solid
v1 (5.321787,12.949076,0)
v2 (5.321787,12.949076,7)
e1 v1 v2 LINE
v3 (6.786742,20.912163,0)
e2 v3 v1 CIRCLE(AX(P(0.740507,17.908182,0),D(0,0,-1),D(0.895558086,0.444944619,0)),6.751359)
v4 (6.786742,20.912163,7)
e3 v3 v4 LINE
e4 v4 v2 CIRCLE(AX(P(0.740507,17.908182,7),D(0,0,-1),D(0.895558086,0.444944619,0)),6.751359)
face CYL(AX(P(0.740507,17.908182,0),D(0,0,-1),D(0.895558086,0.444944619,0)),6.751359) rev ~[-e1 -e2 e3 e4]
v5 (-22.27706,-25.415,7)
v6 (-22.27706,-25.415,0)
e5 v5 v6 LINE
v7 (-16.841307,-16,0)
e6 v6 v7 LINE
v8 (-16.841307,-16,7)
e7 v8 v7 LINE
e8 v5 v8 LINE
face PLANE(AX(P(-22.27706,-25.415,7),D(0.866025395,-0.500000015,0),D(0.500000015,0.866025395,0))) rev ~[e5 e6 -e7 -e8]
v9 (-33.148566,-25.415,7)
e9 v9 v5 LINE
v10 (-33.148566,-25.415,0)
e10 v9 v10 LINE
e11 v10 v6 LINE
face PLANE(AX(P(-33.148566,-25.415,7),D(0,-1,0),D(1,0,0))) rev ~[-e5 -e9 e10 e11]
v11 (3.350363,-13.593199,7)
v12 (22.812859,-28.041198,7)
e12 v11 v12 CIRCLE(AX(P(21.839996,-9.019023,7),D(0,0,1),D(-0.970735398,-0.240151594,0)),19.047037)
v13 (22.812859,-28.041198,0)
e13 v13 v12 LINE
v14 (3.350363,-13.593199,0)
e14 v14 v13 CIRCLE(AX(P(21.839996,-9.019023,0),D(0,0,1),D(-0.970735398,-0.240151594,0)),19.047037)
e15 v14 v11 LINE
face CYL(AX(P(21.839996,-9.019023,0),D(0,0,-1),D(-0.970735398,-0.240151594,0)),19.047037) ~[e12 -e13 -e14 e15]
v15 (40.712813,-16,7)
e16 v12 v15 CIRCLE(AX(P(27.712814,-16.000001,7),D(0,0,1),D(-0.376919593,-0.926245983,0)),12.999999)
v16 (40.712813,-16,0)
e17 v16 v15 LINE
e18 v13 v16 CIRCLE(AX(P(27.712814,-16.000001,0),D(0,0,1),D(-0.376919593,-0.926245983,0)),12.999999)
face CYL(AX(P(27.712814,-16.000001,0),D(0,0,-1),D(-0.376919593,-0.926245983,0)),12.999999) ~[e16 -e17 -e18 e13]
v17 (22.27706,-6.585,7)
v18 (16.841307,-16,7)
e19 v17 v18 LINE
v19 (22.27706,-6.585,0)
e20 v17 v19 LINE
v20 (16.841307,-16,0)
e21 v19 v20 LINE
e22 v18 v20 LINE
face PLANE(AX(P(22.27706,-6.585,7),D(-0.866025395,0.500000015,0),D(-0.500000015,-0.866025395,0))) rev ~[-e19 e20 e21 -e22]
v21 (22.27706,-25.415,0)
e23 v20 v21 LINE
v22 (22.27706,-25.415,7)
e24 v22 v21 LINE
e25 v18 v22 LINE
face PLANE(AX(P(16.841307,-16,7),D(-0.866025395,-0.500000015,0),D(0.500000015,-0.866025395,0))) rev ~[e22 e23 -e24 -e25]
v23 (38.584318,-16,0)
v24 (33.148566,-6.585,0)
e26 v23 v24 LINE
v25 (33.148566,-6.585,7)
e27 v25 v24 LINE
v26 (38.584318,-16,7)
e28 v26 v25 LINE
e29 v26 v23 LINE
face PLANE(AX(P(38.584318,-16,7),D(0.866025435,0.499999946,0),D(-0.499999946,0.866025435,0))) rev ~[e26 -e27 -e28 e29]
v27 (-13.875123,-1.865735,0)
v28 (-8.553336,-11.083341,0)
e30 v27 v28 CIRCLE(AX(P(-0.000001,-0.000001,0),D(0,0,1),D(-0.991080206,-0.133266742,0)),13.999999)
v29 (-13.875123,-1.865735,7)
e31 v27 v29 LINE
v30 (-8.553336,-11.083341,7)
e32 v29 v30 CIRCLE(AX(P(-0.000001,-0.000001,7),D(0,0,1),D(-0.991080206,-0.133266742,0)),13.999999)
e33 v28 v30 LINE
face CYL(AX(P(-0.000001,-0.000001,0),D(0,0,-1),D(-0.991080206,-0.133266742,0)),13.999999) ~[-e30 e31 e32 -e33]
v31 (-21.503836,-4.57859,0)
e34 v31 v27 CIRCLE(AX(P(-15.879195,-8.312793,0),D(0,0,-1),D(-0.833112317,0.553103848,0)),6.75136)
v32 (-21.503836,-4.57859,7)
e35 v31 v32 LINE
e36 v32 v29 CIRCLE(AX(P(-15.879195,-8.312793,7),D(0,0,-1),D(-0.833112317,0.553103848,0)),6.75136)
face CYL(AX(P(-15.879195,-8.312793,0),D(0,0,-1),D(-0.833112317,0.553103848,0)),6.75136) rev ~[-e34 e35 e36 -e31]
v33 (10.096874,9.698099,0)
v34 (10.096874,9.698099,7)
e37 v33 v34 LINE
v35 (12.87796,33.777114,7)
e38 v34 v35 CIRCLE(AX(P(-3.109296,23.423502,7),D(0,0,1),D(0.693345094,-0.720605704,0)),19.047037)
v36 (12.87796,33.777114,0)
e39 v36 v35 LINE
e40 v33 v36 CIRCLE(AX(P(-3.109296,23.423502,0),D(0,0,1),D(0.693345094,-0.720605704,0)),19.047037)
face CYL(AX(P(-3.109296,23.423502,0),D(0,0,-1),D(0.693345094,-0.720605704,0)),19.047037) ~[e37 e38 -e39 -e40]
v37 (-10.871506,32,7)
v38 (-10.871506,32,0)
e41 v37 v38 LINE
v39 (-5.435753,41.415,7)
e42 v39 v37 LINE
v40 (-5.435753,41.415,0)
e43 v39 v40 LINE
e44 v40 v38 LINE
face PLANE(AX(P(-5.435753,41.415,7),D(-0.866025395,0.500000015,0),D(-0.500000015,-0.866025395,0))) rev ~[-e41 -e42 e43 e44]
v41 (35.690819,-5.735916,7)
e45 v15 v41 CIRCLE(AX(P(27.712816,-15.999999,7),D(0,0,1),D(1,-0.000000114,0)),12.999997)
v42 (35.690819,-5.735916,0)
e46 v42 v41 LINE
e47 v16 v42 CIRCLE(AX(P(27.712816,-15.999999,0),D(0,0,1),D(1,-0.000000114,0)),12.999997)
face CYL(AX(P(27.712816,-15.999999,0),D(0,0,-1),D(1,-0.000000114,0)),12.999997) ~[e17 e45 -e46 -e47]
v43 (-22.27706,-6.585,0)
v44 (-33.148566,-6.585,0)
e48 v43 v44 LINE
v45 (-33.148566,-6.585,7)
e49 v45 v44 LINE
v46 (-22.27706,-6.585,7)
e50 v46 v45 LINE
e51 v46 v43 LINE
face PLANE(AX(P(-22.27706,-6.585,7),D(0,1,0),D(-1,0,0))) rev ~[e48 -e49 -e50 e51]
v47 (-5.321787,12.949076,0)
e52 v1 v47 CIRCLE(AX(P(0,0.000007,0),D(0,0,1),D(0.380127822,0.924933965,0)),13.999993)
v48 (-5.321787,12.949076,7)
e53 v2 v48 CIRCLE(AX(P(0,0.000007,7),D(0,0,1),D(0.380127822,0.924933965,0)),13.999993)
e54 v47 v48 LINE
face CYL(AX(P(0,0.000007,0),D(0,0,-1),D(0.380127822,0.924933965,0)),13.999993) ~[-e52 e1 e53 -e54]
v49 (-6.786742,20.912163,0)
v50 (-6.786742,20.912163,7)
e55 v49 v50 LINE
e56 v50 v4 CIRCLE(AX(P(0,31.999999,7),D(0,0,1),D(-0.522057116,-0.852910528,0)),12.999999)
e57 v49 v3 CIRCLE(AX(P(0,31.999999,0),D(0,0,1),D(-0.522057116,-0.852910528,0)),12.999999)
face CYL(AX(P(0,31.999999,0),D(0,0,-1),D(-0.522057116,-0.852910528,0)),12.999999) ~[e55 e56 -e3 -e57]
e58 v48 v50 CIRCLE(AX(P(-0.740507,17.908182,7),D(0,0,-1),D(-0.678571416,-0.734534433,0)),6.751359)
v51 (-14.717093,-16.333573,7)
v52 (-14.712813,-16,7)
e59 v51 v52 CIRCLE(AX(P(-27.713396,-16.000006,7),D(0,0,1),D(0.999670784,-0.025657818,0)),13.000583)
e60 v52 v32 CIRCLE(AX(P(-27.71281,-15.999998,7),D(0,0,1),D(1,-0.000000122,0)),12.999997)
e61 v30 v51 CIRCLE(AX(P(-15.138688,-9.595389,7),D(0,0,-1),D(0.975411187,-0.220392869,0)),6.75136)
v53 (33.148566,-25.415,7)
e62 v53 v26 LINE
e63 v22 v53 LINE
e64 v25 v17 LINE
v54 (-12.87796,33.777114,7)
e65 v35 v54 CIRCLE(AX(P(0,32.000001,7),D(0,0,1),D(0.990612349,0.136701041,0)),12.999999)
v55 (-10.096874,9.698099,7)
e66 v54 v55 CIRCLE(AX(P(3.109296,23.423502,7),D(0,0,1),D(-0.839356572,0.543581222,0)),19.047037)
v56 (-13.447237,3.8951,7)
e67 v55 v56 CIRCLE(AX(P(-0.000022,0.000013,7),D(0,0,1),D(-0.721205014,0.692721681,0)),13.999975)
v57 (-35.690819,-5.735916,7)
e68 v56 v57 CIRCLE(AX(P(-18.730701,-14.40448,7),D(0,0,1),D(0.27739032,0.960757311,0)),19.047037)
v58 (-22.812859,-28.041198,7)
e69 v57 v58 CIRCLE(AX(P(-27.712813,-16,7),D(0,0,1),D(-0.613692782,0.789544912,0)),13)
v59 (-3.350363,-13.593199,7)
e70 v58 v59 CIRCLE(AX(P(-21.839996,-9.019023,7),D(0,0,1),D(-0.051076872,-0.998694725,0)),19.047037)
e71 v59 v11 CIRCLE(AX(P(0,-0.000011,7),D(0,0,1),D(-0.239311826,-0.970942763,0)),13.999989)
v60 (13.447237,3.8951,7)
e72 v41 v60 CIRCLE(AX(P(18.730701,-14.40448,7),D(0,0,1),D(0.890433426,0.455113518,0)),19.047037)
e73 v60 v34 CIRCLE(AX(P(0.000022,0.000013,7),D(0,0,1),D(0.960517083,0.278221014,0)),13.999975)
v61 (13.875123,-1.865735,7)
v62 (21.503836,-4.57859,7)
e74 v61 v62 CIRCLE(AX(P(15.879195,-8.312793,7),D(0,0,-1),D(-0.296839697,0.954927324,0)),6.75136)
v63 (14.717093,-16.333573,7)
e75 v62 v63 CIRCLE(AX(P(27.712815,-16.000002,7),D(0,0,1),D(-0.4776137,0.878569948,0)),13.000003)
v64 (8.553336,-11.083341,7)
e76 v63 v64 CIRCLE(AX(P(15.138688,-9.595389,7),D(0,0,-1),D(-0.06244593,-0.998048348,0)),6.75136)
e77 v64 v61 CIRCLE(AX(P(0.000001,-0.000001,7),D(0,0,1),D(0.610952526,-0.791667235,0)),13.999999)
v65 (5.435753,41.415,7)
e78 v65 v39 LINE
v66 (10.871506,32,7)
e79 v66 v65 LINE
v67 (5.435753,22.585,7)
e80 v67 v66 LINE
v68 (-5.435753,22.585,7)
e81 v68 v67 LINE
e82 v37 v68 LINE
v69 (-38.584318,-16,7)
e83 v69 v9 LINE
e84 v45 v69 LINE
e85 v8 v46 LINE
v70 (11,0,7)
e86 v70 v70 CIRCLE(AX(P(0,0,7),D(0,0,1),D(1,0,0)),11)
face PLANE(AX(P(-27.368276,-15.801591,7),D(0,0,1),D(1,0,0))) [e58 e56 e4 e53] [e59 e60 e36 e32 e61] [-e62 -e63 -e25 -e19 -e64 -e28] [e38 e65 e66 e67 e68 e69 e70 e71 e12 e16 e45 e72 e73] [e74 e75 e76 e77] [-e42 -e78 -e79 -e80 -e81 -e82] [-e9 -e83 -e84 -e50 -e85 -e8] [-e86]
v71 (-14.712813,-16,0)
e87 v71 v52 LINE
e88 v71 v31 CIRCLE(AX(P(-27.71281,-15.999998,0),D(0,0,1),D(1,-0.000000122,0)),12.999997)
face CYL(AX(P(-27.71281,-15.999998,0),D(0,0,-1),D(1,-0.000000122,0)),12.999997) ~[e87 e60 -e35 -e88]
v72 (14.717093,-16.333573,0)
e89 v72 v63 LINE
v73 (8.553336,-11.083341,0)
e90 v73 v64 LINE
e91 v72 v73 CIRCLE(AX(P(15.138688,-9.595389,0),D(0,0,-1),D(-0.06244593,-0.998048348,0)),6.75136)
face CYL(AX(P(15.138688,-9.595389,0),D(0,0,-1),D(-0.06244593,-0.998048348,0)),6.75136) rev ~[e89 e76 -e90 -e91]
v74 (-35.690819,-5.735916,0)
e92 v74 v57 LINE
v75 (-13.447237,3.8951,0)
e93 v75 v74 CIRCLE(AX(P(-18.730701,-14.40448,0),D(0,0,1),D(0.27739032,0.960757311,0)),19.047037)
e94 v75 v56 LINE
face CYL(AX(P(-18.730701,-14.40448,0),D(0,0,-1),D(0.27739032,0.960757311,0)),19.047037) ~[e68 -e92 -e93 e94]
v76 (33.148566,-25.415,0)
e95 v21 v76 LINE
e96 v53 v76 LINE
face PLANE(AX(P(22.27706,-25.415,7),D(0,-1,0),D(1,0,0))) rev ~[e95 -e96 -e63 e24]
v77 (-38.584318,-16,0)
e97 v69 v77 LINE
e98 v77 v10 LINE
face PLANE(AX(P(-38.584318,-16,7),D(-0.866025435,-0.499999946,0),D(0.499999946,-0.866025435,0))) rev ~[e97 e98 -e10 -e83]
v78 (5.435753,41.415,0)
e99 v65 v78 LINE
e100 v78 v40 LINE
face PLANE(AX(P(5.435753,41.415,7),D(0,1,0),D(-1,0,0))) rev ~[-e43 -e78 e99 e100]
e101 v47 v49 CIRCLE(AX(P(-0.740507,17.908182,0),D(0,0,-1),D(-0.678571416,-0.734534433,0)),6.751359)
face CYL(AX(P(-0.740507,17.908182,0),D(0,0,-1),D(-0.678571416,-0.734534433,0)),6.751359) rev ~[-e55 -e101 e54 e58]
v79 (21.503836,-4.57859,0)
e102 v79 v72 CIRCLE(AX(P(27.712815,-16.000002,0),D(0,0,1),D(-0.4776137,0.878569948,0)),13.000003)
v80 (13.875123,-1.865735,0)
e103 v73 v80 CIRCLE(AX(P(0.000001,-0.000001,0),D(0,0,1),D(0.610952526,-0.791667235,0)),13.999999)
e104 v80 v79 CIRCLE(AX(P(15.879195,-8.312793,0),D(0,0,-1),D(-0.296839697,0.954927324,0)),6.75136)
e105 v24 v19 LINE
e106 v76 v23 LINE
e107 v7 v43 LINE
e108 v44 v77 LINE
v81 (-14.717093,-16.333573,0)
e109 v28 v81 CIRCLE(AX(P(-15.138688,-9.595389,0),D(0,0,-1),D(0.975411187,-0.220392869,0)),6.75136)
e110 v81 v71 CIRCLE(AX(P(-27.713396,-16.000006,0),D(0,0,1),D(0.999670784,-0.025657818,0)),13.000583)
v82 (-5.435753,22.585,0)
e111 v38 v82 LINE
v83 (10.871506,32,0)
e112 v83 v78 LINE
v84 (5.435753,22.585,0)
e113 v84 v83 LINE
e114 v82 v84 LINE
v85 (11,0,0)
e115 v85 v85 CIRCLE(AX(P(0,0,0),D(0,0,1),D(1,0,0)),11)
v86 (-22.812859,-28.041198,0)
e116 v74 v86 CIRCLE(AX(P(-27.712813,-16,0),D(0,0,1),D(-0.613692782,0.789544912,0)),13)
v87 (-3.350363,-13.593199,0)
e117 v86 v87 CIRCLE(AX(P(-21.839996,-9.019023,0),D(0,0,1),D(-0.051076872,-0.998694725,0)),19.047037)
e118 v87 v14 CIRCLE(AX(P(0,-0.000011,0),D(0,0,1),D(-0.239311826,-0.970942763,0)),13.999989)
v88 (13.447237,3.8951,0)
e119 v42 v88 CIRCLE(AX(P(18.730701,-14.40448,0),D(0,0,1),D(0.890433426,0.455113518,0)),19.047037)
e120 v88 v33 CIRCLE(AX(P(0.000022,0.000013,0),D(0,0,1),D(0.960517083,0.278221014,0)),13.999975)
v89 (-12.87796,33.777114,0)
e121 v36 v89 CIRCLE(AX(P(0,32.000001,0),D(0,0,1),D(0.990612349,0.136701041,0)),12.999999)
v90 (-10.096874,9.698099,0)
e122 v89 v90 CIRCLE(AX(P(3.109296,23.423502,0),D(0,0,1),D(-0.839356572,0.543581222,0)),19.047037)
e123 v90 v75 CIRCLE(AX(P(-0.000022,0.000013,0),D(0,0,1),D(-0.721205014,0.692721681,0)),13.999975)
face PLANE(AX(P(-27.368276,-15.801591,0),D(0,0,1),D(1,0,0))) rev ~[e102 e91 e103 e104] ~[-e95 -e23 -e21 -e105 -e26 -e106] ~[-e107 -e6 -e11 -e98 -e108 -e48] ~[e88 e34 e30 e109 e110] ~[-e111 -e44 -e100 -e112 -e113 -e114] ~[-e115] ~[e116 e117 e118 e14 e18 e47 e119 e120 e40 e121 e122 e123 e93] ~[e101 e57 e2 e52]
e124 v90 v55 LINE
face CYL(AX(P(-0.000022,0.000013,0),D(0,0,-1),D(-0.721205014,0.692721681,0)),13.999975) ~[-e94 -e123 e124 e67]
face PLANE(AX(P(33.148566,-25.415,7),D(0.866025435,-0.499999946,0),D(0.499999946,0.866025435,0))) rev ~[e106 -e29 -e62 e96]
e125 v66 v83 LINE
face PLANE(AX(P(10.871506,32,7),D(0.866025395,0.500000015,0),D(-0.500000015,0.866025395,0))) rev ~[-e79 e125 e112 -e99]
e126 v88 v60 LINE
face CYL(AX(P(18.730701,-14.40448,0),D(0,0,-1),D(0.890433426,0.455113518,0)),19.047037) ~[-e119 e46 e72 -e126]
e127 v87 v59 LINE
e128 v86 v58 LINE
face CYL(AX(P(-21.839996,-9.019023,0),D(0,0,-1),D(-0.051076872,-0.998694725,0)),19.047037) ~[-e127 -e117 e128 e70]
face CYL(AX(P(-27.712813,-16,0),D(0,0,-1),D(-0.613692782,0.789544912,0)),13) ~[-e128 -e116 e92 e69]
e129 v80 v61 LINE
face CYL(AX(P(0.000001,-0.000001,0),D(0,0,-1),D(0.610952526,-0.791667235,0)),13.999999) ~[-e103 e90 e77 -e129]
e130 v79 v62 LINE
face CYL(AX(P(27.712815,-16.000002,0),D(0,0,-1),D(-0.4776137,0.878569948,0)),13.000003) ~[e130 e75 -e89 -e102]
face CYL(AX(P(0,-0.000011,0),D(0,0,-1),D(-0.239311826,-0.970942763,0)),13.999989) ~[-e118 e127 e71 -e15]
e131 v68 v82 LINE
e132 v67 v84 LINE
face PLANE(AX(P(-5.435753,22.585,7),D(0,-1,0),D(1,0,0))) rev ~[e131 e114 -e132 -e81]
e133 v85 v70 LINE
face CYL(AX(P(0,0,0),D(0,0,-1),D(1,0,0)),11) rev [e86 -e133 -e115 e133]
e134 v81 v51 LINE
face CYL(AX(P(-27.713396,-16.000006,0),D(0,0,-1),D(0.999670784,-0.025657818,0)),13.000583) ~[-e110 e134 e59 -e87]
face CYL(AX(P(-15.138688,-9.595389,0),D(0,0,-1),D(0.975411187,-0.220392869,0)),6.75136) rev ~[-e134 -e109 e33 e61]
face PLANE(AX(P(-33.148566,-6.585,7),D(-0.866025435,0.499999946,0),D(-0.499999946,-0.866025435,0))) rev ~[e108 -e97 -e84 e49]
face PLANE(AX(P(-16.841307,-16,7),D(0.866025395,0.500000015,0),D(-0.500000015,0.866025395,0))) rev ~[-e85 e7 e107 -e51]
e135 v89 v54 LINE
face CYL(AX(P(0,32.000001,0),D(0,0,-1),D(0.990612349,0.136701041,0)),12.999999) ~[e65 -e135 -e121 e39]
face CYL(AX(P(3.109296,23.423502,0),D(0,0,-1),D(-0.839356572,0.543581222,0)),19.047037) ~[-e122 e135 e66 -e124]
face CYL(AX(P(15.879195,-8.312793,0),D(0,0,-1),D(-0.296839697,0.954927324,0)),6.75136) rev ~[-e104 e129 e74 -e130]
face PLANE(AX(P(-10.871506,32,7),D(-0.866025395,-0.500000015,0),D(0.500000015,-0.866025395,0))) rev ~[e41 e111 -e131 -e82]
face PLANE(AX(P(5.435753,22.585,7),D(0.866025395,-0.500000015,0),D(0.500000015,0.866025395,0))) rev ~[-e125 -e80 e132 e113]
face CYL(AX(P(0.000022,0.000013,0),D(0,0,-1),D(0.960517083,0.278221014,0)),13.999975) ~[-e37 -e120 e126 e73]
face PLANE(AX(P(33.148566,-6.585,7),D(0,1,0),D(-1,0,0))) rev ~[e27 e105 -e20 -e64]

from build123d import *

# Parameters (mm, degrees)
F0_R     = 11
F1_DEPTH = 7
F3_DEPTH = 31


with BuildPart() as f1:
    # F0 (on Top) → F1 (new body)
    with BuildSketch(Plane.XY):
        with BuildLine():
            ThreePointArc((-35.690819, -5.735916), (-38.971143, -22.5), (-22.812859, -28.041198))
            ThreePointArc((-22.812859, -28.041198), (-17.02025, -23.393855), (-14.717093, -16.333573))
            ThreePointArc((-14.717093, -16.333573), (-14.713883, -16.1668), (-14.712813, -16))
            ThreePointArc((-14.712813, -16), (-16.538809, -9.356082), (-21.503836, -4.57859))
            ThreePointArc((-21.503836, -4.57859), (-28.769798, -3.043041), (-35.690819, -5.735916))
        make_face()
        with BuildLine():
            ThreePointArc((-13.875123, -1.865735), (-13.961542, 1.036992), (-13.447237, 3.8951))
            ThreePointArc((-13.447237, 3.8951), (-26.298738, 3.074491), (-35.690819, -5.735916))
            ThreePointArc((-35.690819, -5.735916), (-28.769798, -3.043041), (-21.503836, -4.57859))
            ThreePointArc((-21.503836, -4.57859), (-18.141279, -1.951674), (-13.875123, -1.865735))
        make_face()
        with BuildLine():
            ThreePointArc((-22.812859, -28.041198), (-10.486782, -24.312621), (-3.350363, -13.593199))
            ThreePointArc((-3.350363, -13.593199), (-6.08271, -12.609546), (-8.553336, -11.083341))
            ThreePointArc((-8.553336, -11.083341), (-10.760839, -14.734971), (-14.717093, -16.333573))
            ThreePointArc((-14.717093, -16.333573), (-17.02025, -23.393855), (-22.812859, -28.041198))
        make_face()
        with BuildLine():
            ThreePointArc((13.875123, -1.865735), (13.968746, -0.934955), (14, 0))
            ThreePointArc((14, 0), (13.861121, 1.967063), (13.447237, 3.8951))
            ThreePointArc((13.447237, 3.8951), (12.124356, 7), (10.096874, 9.698099))
            ThreePointArc((10.096874, 9.698099), (7.878832, 11.572554), (5.321787, 12.949076))
            ThreePointArc((5.321787, 12.949076), (0, 14), (-5.321787, 12.949076))
            ThreePointArc((-5.321787, 12.949076), (-7.878832, 11.572554), (-10.096874, 9.698099))
            ThreePointArc((-10.096874, 9.698099), (-12.124356, 7), (-13.447237, 3.8951))
            ThreePointArc((-13.447237, 3.8951), (-13.961542, 1.036992), (-13.875123, -1.865735))
            ThreePointArc((-13.875123, -1.865735), (-12.124356, -7), (-8.553336, -11.083341))
            ThreePointArc((-8.553336, -11.083341), (-6.08271, -12.609546), (-3.350363, -13.593199))
            ThreePointArc((-3.350363, -13.593199), (0, -14), (3.350363, -13.593199))
            ThreePointArc((3.350363, -13.593199), (6.08271, -12.609546), (8.553336, -11.083341))
            ThreePointArc((8.553336, -11.083341), (12.124356, -7), (13.875123, -1.865735))
        make_face()
        Circle(F0_R, mode=Mode.SUBTRACT)
        with BuildLine():
            ThreePointArc((-10.096874, 9.698099), (-7.878832, 11.572554), (-5.321787, 12.949076))
            ThreePointArc((-5.321787, 12.949076), (-7.38044, 16.686646), (-6.786742, 20.912163))
            ThreePointArc((-6.786742, 20.912163), (-11.749548, 26.436896), (-12.87796, 33.777114))
            ThreePointArc((-12.87796, 33.777114), (-15.811956, 21.23813), (-10.096874, 9.698099))
        make_face()
        with BuildLine():
            ThreePointArc((13, 32), (12.969454, 32.89065), (12.87796, 33.777114))
            ThreePointArc((12.87796, 33.777114), (0, 45), (-12.87796, 33.777114))
            ThreePointArc((-12.87796, 33.777114), (-11.749548, 26.436896), (-6.786742, 20.912163))
            ThreePointArc((-6.786742, 20.912163), (0, 19), (6.786742, 20.912163))
            ThreePointArc((6.786742, 20.912163), (11.340804, 25.644988), (13, 32))
        make_face()
        with BuildLine():
            ThreePointArc((5.321787, 12.949076), (7.878832, 11.572554), (10.096874, 9.698099))
            ThreePointArc((10.096874, 9.698099), (15.811956, 21.23813), (12.87796, 33.777114))
            ThreePointArc((12.87796, 33.777114), (12.969454, 32.89065), (13, 32))
            ThreePointArc((13, 32), (11.340804, 25.644988), (6.786742, 20.912163))
            ThreePointArc((6.786742, 20.912163), (7.38044, 16.686646), (5.321787, 12.949076))
        make_face()
        with BuildLine():
            ThreePointArc((13.447237, 3.8951), (13.861121, 1.967063), (14, 0))
            ThreePointArc((14, 0), (13.968746, -0.934955), (13.875123, -1.865735))
            ThreePointArc((13.875123, -1.865735), (18.141279, -1.951674), (21.503836, -4.57859))
            ThreePointArc((21.503836, -4.57859), (28.769798, -3.043041), (35.690819, -5.735916))
            ThreePointArc((35.690819, -5.735916), (26.298738, 3.074491), (13.447237, 3.8951))
        make_face()
        with BuildLine():
            ThreePointArc((14.717093, -16.333573), (10.760839, -14.734971), (8.553336, -11.083341))
            ThreePointArc((8.553336, -11.083341), (6.08271, -12.609546), (3.350363, -13.593199))
            ThreePointArc((3.350363, -13.593199), (10.486782, -24.312621), (22.812859, -28.041198))
            ThreePointArc((22.812859, -28.041198), (17.02025, -23.393855), (14.717093, -16.333573))
        make_face()
        with BuildLine():
            ThreePointArc((40.712813, -16), (39.390015, -10.286598), (35.690819, -5.735916))
            ThreePointArc((35.690819, -5.735916), (28.769798, -3.043041), (21.503836, -4.57859))
            ThreePointArc((21.503836, -4.57859), (16.454483, -9.5), (14.717093, -16.333573))
            ThreePointArc((14.717093, -16.333573), (17.02025, -23.393855), (22.812859, -28.041198))
            ThreePointArc((22.812859, -28.041198), (34.968866, -26.786552), (40.712813, -16))
        make_face()
    extrude(amount=F1_DEPTH)

    # F2 (on face) → F3 (cut)
    with BuildSketch(Plane.XY.offset(7)):
        Polygon((-38.584318, -16), (-33.148566, -25.415), (-22.27706, -25.415), (-16.841307, -16), (-22.27706, -6.585), (-33.148566, -6.585), align=None)
        Polygon((33.148566, -25.415), (38.584318, -16), (33.148566, -6.585), (22.27706, -6.585), (16.841307, -16), (22.27706, -25.415), align=None)
        Polygon((5.435753, 41.415), (-5.435753, 41.415), (-10.871506, 32), (-5.435753, 22.585), (5.435753, 22.585), (10.871506, 32), align=None)
    extrude(amount=-F3_DEPTH, mode=Mode.SUBTRACT)


solid = f1.part
